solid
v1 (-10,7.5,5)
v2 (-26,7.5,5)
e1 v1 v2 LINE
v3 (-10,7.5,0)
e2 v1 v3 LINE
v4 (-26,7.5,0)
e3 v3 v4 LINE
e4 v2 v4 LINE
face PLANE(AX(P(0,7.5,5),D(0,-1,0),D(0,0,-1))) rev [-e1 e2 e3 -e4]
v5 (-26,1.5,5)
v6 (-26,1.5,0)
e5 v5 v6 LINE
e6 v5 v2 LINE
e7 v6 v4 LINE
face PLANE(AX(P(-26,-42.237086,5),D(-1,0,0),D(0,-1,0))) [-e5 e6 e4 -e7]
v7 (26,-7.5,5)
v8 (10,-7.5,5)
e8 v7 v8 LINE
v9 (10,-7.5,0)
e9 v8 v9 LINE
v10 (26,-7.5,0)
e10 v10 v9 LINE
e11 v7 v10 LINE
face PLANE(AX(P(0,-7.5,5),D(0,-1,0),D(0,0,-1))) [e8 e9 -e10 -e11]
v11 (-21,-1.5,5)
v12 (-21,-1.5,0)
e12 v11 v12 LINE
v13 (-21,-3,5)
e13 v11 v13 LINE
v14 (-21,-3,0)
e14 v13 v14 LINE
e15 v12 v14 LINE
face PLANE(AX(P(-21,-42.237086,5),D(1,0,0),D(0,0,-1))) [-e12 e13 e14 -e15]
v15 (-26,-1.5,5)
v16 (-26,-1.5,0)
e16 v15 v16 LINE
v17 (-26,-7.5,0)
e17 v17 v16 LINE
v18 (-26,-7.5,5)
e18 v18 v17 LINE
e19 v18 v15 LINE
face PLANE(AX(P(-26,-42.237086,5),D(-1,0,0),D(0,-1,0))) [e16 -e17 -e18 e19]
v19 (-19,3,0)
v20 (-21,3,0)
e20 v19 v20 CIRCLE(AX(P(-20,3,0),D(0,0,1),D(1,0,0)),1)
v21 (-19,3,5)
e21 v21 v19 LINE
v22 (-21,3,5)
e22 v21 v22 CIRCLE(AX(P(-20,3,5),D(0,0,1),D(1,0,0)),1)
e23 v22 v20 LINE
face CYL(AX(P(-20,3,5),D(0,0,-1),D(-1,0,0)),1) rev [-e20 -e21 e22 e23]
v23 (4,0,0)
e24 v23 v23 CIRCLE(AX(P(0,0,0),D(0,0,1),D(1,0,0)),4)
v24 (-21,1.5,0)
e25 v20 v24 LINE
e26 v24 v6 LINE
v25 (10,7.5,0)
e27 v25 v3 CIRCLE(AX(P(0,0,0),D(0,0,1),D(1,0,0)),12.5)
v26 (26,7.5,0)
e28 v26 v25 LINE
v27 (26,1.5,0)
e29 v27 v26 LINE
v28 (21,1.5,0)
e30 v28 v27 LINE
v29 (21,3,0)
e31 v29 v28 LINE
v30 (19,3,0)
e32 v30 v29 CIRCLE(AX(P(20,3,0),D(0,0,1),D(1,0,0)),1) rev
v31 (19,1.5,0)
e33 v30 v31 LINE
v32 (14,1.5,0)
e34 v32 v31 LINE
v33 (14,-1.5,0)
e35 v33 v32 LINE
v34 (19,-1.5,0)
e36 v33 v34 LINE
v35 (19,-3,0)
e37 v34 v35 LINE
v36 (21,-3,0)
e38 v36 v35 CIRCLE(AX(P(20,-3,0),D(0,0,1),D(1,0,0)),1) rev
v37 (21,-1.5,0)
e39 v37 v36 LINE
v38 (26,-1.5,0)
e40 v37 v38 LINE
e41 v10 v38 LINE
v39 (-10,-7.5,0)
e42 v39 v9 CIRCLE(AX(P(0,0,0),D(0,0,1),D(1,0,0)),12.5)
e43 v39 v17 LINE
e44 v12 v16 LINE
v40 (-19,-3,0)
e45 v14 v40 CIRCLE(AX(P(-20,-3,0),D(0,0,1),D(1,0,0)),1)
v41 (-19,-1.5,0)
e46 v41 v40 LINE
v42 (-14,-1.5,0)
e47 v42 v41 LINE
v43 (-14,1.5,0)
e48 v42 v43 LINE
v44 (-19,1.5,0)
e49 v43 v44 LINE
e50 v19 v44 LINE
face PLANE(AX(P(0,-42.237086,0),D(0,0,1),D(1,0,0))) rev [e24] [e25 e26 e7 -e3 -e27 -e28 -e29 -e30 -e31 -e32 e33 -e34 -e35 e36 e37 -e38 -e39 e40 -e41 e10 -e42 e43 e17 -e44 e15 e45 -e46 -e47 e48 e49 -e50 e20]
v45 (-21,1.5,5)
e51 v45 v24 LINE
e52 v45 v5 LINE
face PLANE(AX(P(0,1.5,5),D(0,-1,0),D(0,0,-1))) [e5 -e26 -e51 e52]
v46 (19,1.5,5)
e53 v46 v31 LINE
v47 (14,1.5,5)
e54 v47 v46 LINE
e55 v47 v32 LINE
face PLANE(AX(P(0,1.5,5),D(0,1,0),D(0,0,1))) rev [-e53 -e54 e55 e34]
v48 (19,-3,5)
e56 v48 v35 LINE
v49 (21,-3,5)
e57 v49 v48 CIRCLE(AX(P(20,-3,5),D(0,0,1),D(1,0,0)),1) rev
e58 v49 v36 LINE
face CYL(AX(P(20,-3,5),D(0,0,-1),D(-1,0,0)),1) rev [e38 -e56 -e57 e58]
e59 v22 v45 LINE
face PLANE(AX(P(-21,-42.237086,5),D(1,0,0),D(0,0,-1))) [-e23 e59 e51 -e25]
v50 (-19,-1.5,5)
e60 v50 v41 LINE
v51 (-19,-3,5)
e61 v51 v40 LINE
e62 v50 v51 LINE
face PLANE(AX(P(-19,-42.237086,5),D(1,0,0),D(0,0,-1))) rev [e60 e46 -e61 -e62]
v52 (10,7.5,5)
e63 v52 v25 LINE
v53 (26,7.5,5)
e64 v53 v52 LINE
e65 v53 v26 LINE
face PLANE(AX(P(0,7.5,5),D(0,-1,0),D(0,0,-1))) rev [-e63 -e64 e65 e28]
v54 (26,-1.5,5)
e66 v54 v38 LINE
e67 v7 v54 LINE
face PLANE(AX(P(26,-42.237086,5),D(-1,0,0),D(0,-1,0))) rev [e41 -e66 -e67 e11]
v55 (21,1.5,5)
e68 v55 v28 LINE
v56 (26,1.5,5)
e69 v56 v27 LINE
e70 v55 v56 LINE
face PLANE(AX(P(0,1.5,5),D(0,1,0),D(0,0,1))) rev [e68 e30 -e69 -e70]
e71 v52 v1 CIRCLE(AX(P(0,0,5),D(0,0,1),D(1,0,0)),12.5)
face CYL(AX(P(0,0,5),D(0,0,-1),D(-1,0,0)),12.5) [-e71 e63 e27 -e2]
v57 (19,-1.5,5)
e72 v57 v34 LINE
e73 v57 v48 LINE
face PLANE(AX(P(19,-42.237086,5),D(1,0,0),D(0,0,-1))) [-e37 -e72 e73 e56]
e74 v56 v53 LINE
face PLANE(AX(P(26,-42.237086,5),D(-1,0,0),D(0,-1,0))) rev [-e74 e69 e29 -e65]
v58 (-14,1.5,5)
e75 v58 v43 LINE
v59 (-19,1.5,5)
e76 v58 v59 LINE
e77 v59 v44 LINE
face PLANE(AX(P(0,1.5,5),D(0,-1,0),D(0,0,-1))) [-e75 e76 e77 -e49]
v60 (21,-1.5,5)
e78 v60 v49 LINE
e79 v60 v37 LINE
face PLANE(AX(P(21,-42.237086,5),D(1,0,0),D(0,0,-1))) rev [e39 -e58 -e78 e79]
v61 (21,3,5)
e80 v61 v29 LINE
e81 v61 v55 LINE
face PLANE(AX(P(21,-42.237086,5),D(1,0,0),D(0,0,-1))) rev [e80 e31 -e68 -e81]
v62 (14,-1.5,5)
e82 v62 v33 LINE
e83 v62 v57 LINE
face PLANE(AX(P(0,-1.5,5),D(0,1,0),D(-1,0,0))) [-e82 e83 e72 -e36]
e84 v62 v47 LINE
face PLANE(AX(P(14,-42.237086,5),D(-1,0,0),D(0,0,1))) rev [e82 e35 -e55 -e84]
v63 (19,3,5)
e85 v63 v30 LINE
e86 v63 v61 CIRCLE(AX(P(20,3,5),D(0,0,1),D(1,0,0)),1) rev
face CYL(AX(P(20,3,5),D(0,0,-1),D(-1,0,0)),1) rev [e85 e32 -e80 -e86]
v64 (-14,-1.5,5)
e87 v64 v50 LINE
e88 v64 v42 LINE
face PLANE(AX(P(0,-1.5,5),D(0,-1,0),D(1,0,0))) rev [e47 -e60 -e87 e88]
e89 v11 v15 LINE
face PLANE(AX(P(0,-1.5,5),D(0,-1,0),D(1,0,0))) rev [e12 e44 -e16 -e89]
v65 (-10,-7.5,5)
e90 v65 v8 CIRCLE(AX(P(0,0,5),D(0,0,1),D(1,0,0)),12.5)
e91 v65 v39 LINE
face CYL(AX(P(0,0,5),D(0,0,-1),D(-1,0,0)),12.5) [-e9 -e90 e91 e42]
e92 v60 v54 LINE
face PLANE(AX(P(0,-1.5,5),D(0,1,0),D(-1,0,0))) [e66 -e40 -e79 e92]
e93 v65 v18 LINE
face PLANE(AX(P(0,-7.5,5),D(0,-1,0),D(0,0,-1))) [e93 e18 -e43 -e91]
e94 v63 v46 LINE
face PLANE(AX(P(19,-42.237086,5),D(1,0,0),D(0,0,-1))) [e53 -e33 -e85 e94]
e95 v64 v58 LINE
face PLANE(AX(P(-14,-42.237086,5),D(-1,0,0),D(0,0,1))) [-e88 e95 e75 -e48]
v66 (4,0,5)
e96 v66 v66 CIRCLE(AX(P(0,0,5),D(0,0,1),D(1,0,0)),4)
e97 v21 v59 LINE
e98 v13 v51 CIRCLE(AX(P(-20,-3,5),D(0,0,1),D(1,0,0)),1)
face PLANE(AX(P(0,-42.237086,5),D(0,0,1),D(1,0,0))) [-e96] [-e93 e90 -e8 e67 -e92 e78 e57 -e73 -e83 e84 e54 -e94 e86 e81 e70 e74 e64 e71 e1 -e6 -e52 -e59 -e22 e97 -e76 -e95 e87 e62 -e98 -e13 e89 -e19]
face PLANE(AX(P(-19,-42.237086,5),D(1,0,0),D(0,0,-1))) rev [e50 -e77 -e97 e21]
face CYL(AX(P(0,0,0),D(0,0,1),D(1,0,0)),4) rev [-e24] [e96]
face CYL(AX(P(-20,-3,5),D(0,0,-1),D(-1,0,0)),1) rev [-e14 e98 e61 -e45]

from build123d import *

# Parameters (mm, degrees)
BOSS_EXTRUDE1_DEPTH = 5
SKETCH2_R           = 4
CUT_EXTRUDE1_DEPTH  = 5


with BuildPart() as part:
    # Sketch1 → Boss-Extrude1 (new body)
    with BuildSketch(Plane.XY):
        with BuildLine():
            Line((-10, -7.5), (10, -7.5))
            ThreePointArc((10, -7.5), (11.858541226, -3.952847075), (12.5, 0))
            ThreePointArc((12.5, 0), (11.858541226, 3.952847075), (10, 7.5))
            Line((10, 7.5), (-10, 7.5))
            ThreePointArc((-10, 7.5), (-12.5, 0), (-10, -7.5))
        make_face()
        with BuildLine():
            ThreePointArc((10, 7.5), (0, 12.5), (-10, 7.5))
            Line((-10, 7.5), (10, 7.5))
        make_face()
        with BuildLine():
            ThreePointArc((-10, -7.5), (0, -12.5), (10, -7.5))
            Line((10, -7.5), (-10, -7.5))
        make_face()
        with BuildLine():
            Line((-26, -7.5), (-10, -7.5))
            ThreePointArc((-10, -7.5), (-12.5, 0), (-10, 7.5))
            Line((-10, 7.5), (-26, 7.5))
            Line((-26, 7.5), (-26, 1.5))
            Line((-26, 1.5), (-21, 1.5))
            Line((-21, 1.5), (-21, 3))
            ThreePointArc((-21, 3), (-20, 4), (-19, 3))
            Line((-19, 3), (-19, 1.5))
            Line((-19, 1.5), (-14, 1.5))
            Line((-14, 1.5), (-14, -1.5))
            Line((-14, -1.5), (-19, -1.5))
            Line((-19, -1.5), (-19, -3))
            ThreePointArc((-19, -3), (-20, -4), (-21, -3))
            Line((-21, -3), (-21, -1.5))
            Line((-21, -1.5), (-26, -1.5))
            Line((-26, -1.5), (-26, -7.5))
        make_face()
        with BuildLine():
            Line((10, -7.5), (26, -7.5))
            Line((26, -7.5), (26, -1.5))
            Line((26, -1.5), (21, -1.5))
            Line((21, -1.5), (21, -3))
            ThreePointArc((21, -3), (20, -4), (19, -3))
            Line((19, -3), (19, -1.5))
            Line((19, -1.5), (14, -1.5))
            Line((14, -1.5), (14, 1.5))
            Line((14, 1.5), (19, 1.5))
            Line((19, 1.5), (19, 3))
            ThreePointArc((19, 3), (20, 4), (21, 3))
            Line((21, 3), (21, 1.5))
            Line((21, 1.5), (26, 1.5))
            Line((26, 1.5), (26, 7.5))
            Line((26, 7.5), (10, 7.5))
            ThreePointArc((10, 7.5), (11.858541226, 3.952847075), (12.5, 0))
            ThreePointArc((12.5, 0), (11.858541226, -3.952847075), (10, -7.5))
        make_face()
    extrude(amount=BOSS_EXTRUDE1_DEPTH)

    # Sketch2 → Cut-Extrude1 (cut)
    with BuildSketch(Plane.XY.offset(5)):
        Circle(SKETCH2_R)
    extrude(amount=-CUT_EXTRUDE1_DEPTH, mode=Mode.SUBTRACT)


solid = part.part
